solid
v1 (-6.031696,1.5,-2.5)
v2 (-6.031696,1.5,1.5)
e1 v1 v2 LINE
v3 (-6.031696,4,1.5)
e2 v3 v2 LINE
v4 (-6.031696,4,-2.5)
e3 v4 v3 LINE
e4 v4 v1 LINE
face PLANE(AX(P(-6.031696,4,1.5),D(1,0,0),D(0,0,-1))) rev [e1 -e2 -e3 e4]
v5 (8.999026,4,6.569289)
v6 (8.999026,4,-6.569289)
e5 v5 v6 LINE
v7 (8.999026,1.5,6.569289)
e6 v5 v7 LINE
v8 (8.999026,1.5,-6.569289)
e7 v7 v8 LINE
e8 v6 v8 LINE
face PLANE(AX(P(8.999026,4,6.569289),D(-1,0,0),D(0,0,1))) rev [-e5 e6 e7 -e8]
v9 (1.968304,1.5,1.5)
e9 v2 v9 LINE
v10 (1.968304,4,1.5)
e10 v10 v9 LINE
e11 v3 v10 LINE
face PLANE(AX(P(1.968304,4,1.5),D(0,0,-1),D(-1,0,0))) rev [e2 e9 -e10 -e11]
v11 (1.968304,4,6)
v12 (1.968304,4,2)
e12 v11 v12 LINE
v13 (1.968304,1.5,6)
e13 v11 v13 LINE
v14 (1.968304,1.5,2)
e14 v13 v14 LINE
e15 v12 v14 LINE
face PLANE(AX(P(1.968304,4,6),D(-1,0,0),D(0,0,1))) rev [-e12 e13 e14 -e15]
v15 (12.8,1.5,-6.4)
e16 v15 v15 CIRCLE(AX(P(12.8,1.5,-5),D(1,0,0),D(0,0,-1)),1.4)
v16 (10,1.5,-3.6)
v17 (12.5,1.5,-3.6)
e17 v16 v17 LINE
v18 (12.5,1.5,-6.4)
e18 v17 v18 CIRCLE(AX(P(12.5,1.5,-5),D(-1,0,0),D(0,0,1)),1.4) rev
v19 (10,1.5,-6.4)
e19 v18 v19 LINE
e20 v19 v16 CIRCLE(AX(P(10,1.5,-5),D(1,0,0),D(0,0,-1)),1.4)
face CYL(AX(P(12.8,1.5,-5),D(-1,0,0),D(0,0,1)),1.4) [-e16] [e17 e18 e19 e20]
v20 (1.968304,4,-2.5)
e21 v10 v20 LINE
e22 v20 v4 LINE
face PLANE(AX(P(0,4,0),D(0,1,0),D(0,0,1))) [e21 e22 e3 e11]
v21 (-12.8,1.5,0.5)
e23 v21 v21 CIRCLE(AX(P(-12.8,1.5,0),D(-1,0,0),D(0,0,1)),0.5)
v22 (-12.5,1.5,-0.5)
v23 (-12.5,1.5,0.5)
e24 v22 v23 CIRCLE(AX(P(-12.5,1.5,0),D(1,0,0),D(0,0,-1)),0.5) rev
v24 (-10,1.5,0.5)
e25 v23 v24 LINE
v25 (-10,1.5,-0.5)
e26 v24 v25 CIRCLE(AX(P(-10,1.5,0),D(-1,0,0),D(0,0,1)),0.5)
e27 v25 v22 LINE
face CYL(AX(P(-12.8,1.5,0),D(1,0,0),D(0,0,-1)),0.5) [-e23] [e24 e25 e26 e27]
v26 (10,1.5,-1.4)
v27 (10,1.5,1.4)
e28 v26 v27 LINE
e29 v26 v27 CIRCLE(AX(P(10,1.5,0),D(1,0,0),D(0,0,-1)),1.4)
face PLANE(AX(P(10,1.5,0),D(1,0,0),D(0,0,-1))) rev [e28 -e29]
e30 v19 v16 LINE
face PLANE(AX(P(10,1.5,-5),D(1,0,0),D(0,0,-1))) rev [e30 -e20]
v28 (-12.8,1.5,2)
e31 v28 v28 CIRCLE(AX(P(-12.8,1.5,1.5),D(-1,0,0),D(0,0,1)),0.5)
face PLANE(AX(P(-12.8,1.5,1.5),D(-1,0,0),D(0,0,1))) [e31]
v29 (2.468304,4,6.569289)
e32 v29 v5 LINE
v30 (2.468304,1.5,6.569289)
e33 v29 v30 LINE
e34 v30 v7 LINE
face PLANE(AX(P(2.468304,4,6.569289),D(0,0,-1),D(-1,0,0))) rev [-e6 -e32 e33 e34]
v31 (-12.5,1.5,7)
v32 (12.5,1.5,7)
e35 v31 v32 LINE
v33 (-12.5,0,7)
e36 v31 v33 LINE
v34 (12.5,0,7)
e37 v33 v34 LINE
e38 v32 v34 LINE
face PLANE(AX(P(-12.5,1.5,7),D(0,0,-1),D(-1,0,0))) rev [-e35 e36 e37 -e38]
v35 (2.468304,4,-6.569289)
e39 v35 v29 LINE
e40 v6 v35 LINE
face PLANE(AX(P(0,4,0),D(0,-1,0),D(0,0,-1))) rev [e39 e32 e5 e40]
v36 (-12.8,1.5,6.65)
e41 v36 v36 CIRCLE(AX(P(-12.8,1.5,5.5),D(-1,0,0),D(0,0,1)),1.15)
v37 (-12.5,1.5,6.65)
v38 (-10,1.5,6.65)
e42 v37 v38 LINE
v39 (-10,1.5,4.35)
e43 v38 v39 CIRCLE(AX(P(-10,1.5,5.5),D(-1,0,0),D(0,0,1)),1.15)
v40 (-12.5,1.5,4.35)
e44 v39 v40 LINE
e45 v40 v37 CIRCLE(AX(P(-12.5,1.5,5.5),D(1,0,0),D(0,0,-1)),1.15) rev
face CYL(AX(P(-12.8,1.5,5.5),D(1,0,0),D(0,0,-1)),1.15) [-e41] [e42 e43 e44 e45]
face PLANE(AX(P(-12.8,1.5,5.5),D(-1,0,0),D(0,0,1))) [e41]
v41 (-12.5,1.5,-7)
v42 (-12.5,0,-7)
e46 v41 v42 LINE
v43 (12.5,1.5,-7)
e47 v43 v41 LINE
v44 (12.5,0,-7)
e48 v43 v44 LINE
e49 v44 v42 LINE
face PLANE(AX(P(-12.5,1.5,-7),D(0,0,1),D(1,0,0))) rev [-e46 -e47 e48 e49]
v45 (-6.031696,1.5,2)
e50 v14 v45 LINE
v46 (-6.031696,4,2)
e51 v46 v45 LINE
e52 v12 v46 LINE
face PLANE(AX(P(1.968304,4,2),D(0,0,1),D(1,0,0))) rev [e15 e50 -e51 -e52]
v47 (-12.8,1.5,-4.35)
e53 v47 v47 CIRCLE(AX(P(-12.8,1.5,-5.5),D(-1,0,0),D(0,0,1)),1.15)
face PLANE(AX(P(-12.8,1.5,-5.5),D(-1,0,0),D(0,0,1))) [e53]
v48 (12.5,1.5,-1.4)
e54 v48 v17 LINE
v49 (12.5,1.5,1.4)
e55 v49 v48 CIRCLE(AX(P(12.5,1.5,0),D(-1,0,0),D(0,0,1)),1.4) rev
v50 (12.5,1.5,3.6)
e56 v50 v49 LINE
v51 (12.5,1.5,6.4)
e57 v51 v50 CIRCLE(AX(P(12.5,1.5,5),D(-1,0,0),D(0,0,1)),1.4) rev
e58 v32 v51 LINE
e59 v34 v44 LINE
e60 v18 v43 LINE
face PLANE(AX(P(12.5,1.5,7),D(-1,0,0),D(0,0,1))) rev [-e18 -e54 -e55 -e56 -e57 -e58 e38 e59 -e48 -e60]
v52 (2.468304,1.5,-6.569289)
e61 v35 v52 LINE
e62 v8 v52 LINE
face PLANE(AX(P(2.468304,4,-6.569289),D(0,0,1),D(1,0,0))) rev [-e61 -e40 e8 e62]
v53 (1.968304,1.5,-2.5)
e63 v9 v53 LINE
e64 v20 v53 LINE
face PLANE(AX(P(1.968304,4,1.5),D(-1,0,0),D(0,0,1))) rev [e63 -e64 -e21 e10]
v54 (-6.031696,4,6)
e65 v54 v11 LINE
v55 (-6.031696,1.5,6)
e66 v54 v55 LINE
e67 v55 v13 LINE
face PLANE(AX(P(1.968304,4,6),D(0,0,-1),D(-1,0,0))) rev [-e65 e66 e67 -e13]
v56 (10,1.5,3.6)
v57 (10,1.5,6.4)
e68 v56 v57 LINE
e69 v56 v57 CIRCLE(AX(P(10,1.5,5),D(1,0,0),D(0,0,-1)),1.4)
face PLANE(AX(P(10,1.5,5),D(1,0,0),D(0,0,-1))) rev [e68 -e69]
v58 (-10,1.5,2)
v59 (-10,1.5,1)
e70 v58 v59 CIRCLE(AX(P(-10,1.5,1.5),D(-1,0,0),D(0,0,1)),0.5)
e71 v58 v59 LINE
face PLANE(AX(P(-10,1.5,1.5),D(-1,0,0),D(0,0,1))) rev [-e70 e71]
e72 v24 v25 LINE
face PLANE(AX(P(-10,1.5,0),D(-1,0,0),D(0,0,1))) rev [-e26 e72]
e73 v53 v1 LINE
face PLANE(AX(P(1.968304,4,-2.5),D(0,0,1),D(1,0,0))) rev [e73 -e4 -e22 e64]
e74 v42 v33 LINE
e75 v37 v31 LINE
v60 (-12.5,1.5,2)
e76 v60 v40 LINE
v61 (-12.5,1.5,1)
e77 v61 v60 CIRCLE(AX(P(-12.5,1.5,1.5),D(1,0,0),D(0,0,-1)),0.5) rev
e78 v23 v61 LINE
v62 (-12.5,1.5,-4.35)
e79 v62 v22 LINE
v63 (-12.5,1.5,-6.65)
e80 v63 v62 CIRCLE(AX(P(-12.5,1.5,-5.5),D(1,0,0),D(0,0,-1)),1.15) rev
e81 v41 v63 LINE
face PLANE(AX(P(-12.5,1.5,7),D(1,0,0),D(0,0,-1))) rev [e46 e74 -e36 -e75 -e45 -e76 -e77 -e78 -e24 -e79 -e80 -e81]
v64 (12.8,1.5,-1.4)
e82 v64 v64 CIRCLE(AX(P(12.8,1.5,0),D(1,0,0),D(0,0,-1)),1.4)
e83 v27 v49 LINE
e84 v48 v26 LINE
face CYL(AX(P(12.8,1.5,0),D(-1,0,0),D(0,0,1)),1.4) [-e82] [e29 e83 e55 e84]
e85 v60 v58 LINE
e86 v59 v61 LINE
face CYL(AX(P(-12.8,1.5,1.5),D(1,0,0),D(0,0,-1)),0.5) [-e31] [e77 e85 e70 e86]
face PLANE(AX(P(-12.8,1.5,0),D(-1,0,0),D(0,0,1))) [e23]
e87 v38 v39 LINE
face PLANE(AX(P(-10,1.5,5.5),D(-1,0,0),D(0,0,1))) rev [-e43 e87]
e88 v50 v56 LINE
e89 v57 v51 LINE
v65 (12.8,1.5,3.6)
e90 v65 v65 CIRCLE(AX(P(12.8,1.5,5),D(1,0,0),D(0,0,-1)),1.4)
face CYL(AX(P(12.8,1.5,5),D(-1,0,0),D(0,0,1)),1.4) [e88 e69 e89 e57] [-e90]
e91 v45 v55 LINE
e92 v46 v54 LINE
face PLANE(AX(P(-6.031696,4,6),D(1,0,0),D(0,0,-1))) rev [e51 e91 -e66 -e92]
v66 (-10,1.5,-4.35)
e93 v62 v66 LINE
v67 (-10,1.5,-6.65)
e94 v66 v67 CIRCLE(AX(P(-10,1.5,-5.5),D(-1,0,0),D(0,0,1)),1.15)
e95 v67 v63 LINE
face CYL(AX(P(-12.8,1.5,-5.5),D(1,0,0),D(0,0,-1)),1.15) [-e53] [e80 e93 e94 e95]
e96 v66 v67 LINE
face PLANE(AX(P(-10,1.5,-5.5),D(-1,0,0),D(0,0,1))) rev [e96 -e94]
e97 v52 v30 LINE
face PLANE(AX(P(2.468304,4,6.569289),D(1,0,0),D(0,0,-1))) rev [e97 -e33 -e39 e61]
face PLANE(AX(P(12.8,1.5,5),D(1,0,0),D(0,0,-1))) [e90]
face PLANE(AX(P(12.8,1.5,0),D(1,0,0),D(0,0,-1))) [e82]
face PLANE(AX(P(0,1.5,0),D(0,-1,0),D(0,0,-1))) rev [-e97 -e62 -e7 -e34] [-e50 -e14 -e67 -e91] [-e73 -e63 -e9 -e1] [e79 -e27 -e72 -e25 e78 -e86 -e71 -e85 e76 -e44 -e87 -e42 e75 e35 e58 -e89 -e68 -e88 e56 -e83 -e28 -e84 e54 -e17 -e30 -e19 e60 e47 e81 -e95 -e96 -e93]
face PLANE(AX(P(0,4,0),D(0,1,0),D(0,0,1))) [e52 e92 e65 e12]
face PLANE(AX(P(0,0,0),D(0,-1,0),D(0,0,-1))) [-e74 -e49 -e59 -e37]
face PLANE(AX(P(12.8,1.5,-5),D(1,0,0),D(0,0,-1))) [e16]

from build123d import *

# Parameters (mm, degrees)
SKIZZE1_W            = 25
SKIZZE1_H            = 14
PLATINE_DEPTH        = 1.5
SKIZZE2_W            = 6.530722005
SKIZZE2_H            = 13.138578522
MOSFETS_DEPTH        = 2.5
SKIZZE4_W            = 8
SKIZZE4_H            = 4
WEITERE_ICS_DEPTH    = 2.5
LOT_MOTOR_DEPTH      = 0.3
LOT_MOTOR_DEPTH_BACK = 2.5
SKIZZE5_R            = 1.4
LOT_PDB_DEPTH        = 0.3
LOT_PDB_DEPTH_BACK   = 2.5
SKIZZE6_R            = 1.15
LOT_FC_DEPTH         = 0.3
LOT_FC_DEPTH_BACK    = 2.5
SKIZZE7_R            = 0.5


with BuildPart() as part:
    # Skizze1 → Platine (new body)
    with BuildSketch(Plane(origin=(0, 0, 0), x_dir=(1, 0, 0), z_dir=(0, 1, 0))):
        Rectangle(SKIZZE1_W, SKIZZE1_H)
    extrude(amount=PLATINE_DEPTH)

    # Skizze2 → MOSFETs (add)
    with BuildSketch(Plane(origin=(0, 1.5, 0), x_dir=(1, 0, 0), z_dir=(0, 1, 0))):
        with Locations((5.733665382, 0)):
            Rectangle(SKIZZE2_W, SKIZZE2_H)
    extrude(amount=MOSFETS_DEPTH)

    # Skizze4 → Weitere_ICs (add)
    with BuildSketch(Plane(origin=(0, 1.5, 0), x_dir=(1, 0, 0), z_dir=(0, 1, 0))):
        with Locations((-2.03169562, -4)):
            Rectangle(SKIZZE4_W, SKIZZE4_H)
        with Locations((-2.03169562, 0.5)):
            Rectangle(SKIZZE4_W, SKIZZE4_H)
    extrude(amount=WEITERE_ICS_DEPTH)

    # Skizze5 → Lot_Motor (add, two sides: drawn at the far end of the back side and taken through both)
    with BuildSketch(Plane(origin=(12.5, 0, 0), x_dir=(0, 0, -1), z_dir=(1, 0, 0)).offset(-LOT_MOTOR_DEPTH_BACK)):
        with Locations((-5, 1.5)):
            Circle(SKIZZE5_R)
        with Locations((0, 1.5)):
            Circle(SKIZZE5_R)
        with Locations((5, 1.5)):
            Circle(SKIZZE5_R)
    extrude(amount=LOT_MOTOR_DEPTH + LOT_MOTOR_DEPTH_BACK)

    # Skizze6 → Lot_PDB (add, two sides: drawn at the far end of the back side and taken through both)
    with BuildSketch(Plane.ZY.offset(12.5).offset(-LOT_PDB_DEPTH_BACK)):
        with Locations((-5.5, 1.5)):
            Circle(SKIZZE6_R)
        with Locations((5.5, 1.5)):
            Circle(SKIZZE6_R)
    extrude(amount=LOT_PDB_DEPTH + LOT_PDB_DEPTH_BACK)

    # Skizze7 → Lot_FC (add, two sides: drawn at the far end of the back side and taken through both)
    with BuildSketch(Plane.ZY.offset(12.5).offset(-LOT_FC_DEPTH_BACK)):
        with Locations((1.5, 1.5)):
            Circle(SKIZZE7_R)
        with Locations((0, 1.5)):
            Circle(SKIZZE7_R)
    extrude(amount=LOT_FC_DEPTH + LOT_FC_DEPTH_BACK)


solid = part.part
